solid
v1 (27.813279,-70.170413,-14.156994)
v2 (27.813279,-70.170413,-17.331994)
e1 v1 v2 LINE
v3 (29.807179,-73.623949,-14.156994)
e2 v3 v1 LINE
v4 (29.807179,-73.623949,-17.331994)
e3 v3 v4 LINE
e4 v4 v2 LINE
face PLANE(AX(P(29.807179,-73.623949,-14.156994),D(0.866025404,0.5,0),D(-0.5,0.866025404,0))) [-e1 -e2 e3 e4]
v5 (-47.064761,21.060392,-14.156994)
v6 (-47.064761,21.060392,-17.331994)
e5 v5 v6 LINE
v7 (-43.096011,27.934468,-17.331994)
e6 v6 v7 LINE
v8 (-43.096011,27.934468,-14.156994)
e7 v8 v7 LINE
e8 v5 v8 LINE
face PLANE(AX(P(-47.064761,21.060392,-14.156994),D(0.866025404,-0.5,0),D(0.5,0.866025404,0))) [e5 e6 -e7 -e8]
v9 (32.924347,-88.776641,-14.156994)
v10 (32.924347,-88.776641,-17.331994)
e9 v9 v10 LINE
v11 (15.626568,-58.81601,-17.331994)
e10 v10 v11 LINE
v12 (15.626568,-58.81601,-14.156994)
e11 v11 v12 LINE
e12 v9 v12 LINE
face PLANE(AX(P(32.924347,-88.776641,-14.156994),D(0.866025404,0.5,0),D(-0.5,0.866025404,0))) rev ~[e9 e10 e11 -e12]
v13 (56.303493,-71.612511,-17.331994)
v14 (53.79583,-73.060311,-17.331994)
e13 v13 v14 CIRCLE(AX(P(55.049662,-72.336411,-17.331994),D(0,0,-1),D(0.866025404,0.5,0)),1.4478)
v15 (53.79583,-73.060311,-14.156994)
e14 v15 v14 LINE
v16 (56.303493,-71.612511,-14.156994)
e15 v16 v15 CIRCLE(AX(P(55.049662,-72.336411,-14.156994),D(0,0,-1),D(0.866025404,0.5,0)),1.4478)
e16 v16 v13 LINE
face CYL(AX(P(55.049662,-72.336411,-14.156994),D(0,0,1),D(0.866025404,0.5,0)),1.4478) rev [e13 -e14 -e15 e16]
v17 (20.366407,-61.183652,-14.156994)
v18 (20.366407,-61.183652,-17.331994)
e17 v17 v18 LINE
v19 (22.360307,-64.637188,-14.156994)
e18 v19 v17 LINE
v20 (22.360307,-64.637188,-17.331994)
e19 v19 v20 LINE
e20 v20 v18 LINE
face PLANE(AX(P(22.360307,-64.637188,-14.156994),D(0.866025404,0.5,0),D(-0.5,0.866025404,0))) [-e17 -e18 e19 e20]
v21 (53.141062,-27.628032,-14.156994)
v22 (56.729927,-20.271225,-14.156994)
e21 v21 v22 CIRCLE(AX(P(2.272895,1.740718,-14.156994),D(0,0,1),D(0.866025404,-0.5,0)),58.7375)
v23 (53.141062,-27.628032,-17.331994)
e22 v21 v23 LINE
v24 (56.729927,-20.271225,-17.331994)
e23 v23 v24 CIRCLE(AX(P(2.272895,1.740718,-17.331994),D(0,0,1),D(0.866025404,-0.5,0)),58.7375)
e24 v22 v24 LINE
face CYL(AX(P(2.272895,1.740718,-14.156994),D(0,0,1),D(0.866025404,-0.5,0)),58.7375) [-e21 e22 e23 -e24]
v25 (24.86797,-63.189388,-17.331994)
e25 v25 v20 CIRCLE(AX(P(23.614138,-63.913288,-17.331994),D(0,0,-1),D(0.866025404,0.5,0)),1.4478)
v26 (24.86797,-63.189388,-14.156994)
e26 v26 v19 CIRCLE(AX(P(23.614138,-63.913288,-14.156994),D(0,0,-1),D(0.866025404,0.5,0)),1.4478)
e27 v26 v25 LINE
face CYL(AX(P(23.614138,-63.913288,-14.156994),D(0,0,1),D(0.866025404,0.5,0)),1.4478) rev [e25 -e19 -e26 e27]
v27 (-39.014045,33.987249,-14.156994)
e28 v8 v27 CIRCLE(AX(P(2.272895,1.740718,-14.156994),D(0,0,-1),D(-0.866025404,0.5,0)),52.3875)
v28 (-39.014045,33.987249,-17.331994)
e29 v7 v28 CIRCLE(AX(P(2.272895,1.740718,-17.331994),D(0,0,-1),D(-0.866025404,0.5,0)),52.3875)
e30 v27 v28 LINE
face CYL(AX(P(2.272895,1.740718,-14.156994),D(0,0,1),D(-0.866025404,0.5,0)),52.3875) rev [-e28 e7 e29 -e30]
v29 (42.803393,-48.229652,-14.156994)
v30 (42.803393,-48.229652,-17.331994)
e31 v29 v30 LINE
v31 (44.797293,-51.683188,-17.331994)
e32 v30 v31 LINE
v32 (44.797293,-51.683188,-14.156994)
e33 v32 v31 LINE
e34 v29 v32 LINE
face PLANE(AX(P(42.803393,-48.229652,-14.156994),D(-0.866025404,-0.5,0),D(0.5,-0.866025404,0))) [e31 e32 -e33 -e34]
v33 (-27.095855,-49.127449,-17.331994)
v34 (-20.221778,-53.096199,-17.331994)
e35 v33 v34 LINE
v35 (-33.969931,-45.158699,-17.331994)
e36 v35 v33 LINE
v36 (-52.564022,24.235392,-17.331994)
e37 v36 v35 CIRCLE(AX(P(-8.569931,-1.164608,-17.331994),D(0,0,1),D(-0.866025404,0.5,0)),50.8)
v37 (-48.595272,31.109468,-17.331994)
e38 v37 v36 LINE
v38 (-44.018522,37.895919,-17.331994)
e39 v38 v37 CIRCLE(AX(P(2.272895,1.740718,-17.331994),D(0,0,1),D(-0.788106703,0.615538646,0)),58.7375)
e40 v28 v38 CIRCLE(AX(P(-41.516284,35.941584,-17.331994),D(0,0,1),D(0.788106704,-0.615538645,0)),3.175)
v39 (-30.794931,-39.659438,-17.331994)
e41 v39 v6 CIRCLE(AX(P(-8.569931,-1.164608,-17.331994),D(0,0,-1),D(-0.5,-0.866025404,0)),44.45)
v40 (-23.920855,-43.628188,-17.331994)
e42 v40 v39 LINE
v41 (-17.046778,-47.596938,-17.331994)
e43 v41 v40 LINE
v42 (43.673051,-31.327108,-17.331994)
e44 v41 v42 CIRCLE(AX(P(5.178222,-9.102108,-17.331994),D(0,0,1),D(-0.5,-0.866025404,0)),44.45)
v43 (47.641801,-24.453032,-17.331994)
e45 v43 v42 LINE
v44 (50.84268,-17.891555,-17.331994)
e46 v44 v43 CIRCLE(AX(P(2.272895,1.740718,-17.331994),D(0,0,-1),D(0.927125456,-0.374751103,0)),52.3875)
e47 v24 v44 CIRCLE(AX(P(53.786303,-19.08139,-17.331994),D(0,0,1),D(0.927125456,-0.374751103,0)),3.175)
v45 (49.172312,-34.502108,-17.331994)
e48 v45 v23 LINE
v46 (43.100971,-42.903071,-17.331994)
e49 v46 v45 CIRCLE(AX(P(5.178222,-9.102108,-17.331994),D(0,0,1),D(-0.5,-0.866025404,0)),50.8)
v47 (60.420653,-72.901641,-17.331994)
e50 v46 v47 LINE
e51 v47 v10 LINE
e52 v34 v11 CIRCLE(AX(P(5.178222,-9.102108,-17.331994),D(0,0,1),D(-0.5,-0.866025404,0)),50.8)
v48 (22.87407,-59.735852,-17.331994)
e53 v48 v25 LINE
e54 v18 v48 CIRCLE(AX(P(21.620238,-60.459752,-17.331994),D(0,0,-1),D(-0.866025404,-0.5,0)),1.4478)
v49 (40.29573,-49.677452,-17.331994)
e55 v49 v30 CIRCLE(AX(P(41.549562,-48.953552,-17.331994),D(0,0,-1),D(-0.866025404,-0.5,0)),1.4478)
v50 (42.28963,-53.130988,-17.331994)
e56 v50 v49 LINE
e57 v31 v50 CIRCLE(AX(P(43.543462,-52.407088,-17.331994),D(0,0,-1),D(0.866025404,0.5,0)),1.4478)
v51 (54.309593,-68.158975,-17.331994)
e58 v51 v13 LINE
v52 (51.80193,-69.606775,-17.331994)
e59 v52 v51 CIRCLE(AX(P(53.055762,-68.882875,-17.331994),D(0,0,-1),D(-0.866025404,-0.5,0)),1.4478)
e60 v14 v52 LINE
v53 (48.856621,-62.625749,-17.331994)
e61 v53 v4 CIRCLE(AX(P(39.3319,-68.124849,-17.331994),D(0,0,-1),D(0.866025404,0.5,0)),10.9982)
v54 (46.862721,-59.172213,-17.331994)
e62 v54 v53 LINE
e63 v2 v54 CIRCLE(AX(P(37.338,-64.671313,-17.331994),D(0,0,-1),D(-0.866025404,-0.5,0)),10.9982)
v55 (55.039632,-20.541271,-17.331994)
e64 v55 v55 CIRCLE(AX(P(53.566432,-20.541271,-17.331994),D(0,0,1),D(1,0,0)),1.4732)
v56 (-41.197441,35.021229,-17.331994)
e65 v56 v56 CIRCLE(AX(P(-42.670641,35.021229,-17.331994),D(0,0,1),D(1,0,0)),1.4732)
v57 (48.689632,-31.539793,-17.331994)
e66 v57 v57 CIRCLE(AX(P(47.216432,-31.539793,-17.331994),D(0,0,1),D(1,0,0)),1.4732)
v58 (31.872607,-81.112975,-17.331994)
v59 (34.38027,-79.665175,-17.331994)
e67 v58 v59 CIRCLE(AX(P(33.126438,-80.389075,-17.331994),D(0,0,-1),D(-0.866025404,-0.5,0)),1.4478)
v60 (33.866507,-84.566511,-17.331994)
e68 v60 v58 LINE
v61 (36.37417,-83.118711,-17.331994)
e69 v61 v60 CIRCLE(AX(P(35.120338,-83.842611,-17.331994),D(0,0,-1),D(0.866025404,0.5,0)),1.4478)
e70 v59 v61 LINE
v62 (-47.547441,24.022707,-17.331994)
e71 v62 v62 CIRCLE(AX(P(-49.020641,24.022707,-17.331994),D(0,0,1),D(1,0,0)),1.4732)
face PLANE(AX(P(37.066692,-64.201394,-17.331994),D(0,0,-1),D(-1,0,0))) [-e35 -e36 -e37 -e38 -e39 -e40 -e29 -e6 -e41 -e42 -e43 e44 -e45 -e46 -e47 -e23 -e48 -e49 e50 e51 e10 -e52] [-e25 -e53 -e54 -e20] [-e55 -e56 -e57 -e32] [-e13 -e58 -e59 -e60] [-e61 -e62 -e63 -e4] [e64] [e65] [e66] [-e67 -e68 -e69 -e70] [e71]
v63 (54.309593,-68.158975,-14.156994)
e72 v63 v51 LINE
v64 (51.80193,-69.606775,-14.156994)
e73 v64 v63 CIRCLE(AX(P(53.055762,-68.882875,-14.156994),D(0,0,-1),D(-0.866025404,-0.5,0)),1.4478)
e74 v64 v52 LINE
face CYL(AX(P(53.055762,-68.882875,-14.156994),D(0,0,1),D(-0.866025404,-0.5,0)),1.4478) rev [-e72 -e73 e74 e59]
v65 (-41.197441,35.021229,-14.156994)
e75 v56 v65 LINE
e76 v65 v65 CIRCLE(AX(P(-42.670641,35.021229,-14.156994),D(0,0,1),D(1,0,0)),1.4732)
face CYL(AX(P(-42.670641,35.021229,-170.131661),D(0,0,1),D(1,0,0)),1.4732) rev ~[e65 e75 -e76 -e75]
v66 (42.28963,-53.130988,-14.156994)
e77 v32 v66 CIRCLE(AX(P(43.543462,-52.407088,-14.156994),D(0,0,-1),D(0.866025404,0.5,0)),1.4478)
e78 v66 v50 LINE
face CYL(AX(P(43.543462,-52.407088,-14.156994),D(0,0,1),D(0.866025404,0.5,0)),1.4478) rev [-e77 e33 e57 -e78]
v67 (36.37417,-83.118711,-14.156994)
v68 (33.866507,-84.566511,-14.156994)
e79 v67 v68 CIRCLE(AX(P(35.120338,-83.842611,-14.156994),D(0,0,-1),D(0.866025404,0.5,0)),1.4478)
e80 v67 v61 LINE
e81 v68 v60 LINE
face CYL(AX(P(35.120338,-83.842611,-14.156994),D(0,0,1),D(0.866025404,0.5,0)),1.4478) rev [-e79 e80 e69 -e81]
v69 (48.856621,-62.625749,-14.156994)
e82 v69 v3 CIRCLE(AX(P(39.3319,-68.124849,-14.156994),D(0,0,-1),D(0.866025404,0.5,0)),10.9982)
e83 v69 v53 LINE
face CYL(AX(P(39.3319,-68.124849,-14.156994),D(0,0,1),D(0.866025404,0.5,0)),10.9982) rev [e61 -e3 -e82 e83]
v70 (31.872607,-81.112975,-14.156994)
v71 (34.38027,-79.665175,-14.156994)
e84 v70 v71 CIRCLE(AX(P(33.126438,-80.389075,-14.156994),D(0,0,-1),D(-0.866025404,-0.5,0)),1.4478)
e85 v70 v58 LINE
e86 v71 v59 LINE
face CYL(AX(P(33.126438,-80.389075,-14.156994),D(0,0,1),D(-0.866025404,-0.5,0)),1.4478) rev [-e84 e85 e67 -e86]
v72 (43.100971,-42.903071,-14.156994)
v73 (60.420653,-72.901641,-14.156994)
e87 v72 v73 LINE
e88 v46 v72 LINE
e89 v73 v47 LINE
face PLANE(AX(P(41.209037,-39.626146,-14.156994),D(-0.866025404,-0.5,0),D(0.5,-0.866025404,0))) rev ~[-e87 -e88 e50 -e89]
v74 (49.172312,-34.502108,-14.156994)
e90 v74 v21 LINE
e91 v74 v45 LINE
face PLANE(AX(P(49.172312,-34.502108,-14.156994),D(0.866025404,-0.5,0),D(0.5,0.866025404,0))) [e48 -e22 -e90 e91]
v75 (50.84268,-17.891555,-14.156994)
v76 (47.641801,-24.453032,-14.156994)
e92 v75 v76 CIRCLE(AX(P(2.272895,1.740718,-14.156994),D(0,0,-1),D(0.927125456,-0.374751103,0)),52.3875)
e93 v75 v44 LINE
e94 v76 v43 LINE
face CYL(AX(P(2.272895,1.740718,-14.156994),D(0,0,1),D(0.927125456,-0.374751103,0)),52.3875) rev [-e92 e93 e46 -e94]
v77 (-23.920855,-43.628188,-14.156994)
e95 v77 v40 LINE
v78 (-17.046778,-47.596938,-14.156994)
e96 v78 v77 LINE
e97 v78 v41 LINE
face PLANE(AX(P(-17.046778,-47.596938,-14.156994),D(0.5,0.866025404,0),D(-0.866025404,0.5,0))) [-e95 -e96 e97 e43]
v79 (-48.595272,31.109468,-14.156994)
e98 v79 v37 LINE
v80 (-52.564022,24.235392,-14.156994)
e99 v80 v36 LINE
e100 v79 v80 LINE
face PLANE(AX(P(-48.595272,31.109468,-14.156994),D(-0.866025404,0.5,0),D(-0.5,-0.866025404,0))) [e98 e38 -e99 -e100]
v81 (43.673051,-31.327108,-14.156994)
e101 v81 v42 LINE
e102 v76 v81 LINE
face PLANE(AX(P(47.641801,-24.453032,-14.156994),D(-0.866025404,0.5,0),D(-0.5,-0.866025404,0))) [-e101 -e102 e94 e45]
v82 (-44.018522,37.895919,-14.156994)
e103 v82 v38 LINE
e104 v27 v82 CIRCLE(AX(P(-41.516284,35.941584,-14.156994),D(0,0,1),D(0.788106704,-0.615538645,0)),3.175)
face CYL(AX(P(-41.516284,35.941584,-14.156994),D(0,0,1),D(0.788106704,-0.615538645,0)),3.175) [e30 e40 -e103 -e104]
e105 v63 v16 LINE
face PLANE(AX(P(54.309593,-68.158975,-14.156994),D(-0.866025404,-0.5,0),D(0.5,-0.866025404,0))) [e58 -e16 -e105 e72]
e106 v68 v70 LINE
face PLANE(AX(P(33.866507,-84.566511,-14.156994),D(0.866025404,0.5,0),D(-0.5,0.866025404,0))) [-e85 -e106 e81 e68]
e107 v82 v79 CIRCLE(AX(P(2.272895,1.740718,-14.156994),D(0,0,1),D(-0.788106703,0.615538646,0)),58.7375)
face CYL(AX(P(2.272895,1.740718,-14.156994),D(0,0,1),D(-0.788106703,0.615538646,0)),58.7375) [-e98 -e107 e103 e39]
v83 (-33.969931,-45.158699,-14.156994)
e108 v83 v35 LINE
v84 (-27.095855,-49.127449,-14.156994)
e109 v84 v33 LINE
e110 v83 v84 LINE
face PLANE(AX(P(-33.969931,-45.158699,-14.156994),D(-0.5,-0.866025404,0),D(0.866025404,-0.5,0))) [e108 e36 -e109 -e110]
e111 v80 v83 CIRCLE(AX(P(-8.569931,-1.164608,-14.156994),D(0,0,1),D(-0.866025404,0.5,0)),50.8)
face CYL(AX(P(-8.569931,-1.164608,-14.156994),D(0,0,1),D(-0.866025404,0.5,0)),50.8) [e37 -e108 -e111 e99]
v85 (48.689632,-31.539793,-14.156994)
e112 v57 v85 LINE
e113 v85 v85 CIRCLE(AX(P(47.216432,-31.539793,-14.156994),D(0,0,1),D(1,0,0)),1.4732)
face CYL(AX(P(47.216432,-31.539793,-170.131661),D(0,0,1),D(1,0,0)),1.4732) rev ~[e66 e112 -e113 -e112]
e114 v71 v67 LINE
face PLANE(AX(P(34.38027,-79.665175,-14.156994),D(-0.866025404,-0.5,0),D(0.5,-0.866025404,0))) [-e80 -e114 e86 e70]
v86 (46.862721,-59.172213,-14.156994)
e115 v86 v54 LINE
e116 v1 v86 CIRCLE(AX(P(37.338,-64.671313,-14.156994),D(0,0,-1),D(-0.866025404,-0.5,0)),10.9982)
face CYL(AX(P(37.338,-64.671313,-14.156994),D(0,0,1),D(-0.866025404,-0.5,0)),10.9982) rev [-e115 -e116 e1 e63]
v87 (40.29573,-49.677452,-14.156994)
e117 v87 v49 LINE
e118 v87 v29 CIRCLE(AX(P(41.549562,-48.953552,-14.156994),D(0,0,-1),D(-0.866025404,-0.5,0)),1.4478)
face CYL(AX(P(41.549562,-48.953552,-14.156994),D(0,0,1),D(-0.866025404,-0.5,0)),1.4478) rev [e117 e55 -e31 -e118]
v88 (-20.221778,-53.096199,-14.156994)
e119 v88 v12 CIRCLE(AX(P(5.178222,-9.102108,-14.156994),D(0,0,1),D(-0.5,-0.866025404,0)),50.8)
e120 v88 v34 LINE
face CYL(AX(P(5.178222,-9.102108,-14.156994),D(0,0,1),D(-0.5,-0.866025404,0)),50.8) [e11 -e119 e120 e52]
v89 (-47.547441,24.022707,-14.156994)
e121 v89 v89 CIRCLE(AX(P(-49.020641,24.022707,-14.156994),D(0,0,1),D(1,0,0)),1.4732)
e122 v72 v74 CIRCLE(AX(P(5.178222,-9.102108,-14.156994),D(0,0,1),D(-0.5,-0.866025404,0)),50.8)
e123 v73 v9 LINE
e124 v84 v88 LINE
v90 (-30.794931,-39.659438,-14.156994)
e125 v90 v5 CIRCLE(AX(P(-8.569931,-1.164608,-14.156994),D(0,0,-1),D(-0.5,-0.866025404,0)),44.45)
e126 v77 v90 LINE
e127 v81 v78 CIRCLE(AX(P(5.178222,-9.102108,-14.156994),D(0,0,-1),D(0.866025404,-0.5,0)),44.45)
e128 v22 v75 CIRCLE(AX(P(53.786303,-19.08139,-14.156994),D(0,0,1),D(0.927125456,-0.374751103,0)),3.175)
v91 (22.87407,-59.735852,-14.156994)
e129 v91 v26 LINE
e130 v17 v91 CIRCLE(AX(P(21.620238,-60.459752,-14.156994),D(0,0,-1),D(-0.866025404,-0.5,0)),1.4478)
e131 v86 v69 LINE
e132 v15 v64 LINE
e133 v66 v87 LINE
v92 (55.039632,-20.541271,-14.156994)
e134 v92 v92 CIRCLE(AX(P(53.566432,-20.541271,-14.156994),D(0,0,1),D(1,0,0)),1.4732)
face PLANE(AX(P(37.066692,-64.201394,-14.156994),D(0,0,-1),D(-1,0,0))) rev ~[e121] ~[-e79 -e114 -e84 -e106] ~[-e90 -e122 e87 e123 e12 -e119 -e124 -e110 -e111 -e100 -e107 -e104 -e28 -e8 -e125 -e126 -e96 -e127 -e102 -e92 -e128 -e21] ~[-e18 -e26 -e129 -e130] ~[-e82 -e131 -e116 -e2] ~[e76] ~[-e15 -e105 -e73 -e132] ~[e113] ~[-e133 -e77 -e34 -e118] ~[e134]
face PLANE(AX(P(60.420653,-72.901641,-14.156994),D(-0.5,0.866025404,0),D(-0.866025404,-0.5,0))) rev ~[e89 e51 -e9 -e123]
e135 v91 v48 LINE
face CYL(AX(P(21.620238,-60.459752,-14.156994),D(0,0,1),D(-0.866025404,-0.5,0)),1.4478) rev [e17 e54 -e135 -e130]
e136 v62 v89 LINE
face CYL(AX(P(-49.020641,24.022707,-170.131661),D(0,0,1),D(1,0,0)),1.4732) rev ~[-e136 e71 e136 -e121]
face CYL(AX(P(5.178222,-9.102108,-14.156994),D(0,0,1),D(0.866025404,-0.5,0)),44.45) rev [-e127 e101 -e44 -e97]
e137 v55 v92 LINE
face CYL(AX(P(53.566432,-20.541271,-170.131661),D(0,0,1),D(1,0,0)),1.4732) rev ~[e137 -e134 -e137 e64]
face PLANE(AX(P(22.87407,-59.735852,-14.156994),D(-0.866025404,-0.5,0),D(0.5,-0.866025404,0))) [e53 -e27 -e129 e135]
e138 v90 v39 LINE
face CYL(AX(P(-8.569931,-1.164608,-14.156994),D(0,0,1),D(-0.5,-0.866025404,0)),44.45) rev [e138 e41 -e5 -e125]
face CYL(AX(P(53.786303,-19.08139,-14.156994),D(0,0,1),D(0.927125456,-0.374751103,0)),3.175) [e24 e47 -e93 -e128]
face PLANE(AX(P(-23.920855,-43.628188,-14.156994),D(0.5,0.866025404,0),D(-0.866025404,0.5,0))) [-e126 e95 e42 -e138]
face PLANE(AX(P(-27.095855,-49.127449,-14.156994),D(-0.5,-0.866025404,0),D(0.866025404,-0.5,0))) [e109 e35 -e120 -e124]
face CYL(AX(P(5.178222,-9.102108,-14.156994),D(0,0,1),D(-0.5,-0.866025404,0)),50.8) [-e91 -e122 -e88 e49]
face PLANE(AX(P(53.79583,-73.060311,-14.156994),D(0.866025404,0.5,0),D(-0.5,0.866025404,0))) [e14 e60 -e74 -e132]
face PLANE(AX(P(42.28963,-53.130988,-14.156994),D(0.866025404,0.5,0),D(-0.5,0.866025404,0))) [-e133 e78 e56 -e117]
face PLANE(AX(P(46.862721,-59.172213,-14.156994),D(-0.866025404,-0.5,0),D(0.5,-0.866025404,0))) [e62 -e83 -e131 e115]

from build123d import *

# Parameters (mm, degrees)
BOSS_EXTRUDE1_DEPTH   = 3.175
F_4_CLEARANCE_HOLE1_D = 2.9464
BOSS_EXTRUDE2_DEPTH   = 3.175


with BuildPart() as part:
    # Sketch1 → Boss-Extrude1 (new body)
    with BuildSketch(Plane(origin=(0, 0, -14.15699402), x_dir=(-1, 0, 0), z_dir=(0, 0, -1))):
        with BuildLine():
            Line((-49.172312317, -34.502108483), (-53.141062317, -27.628031841))
            ThreePointArc((-53.141062317, -27.628031841), (-55.063803638, -24.012221257), (-56.72992661, -20.271224785))
            ThreePointArc((-56.72992661, -20.271224785), (-54.976138042, -16.13776671), (-50.842679967, -17.891555277))
            ThreePointArc((-50.842679967, -17.891555277), (-49.356678398, -21.228119699), (-47.641801003, -24.453031841))
            Line((-47.641801003, -24.453031841), (-43.673051003, -31.327108483))
            ThreePointArc((-43.673051003, -31.327108483), (-16.68272836, -52.037511462), (17.046778195, -47.596937682))
            Line((17.046778195, -47.596937682), (23.920854837, -43.628187682))
            Line((23.920854837, -43.628187682), (30.79493148, -39.659437682))
            ThreePointArc((30.79493148, -39.659437682), (51.505334458, -12.669115038), (47.064760678, 21.060391517))
            Line((47.064760678, 21.060391517), (43.096010678, 27.934468159))
            ThreePointArc((43.096010678, 27.934468159), (41.160593535, 31.032051618), (39.01404477, 33.987248938))
            ThreePointArc((39.01404477, 33.987248938), (39.561948355, 38.44382292), (44.018522337, 37.895919335))
            ThreePointArc((44.018522337, 37.895919335), (46.425258832, 34.58251628), (48.595271992, 31.109468159))
            Line((48.595271992, 31.109468159), (52.564021992, 24.235391517))
            ThreePointArc((52.564021992, 24.235391517), (57.638963455, -14.312615975), (33.96993148, -45.158698996))
            Line((33.96993148, -45.158698996), (27.095854837, -49.127448996))
            Line((27.095854837, -49.127448996), (20.221778195, -53.096198996))
            ThreePointArc((20.221778195, -53.096198996), (-18.326229296, -58.171140459), (-49.172312317, -34.502108483))
        make_face()
    extrude(amount=BOSS_EXTRUDE1_DEPTH)

    # #4 Clearance Hole1 (through all)
    with Locations(Plane(origin=(0, 0, -17.33199402), x_dir=(-1, 0, 0), z_dir=(0, 0, -1))):
        with Locations((-53.56643166, -20.541270527), (-47.21643166, -31.539793155), (42.670641335, 35.021229473), (49.020641335, 24.022706845)):
            Hole(F_4_CLEARANCE_HOLE1_D / 2)

    # Sketch6 → Boss-Extrude2 (add)
    with BuildSketch(Plane.XY.offset(-14.15699402)):
        Polygon((60.420653285, -72.901641316), (32.924346715, -88.776641316), (13.712730754, -55.501146376), (41.209037324, -39.626146376), align=None)
        with BuildLine():
            Line((46.862720596, -59.172213053), (48.856620596, -62.625749158))
            ThreePointArc((48.856620596, -62.625749158), (44.831, -77.649569754), (29.807179404, -73.623949158))
            Line((29.807179404, -73.623949158), (27.813279404, -70.170413053))
            ThreePointArc((27.813279404, -70.170413053), (31.8389, -55.146592457), (46.862720596, -59.172213053))
        make_face(mode=Mode.SUBTRACT)
        with BuildLine():
            Line((33.866506919, -84.566510659), (31.872606919, -81.112974554))
            ThreePointArc((31.872606919, -81.112974554), (32.402538499, -79.135242974), (34.380270079, -79.665174554))
            Line((34.380270079, -79.665174554), (36.374170079, -83.118710659))
            ThreePointArc((36.374170079, -83.118710659), (35.844238499, -85.096442239), (33.866506919, -84.566510659))
        make_face(mode=Mode.SUBTRACT)
        with BuildLine():
            Line((22.874070079, -59.735851552), (24.867970079, -63.189387657))
            ThreePointArc((24.867970079, -63.189387657), (24.338038499, -65.167119237), (22.360306919, -64.637187657))
            Line((22.360306919, -64.637187657), (20.366406919, -61.183651552))
            ThreePointArc((20.366406919, -61.183651552), (20.896338499, -59.205919972), (22.874070079, -59.735851552))
        make_face(mode=Mode.SUBTRACT)
        with BuildLine():
            Line((42.803393081, -48.229651552), (44.797293081, -51.683187657))
            ThreePointArc((44.797293081, -51.683187657), (44.267361501, -53.660919237), (42.289629921, -53.130987657))
            Line((42.289629921, -53.130987657), (40.295729921, -49.677451552))
            ThreePointArc((40.295729921, -49.677451552), (40.825661501, -47.699719972), (42.803393081, -48.229651552))
        make_face(mode=Mode.SUBTRACT)
        with BuildLine():
            Line((54.309593081, -68.158974554), (56.303493081, -71.612510659))
            ThreePointArc((56.303493081, -71.612510659), (55.773561501, -73.590242239), (53.795829921, -73.060310659))
            Line((53.795829921, -73.060310659), (51.801929921, -69.606774554))
            ThreePointArc((51.801929921, -69.606774554), (52.331861501, -67.629042974), (54.309593081, -68.158974554))
        make_face(mode=Mode.SUBTRACT)
    extrude(amount=-BOSS_EXTRUDE2_DEPTH)


solid = part.part
